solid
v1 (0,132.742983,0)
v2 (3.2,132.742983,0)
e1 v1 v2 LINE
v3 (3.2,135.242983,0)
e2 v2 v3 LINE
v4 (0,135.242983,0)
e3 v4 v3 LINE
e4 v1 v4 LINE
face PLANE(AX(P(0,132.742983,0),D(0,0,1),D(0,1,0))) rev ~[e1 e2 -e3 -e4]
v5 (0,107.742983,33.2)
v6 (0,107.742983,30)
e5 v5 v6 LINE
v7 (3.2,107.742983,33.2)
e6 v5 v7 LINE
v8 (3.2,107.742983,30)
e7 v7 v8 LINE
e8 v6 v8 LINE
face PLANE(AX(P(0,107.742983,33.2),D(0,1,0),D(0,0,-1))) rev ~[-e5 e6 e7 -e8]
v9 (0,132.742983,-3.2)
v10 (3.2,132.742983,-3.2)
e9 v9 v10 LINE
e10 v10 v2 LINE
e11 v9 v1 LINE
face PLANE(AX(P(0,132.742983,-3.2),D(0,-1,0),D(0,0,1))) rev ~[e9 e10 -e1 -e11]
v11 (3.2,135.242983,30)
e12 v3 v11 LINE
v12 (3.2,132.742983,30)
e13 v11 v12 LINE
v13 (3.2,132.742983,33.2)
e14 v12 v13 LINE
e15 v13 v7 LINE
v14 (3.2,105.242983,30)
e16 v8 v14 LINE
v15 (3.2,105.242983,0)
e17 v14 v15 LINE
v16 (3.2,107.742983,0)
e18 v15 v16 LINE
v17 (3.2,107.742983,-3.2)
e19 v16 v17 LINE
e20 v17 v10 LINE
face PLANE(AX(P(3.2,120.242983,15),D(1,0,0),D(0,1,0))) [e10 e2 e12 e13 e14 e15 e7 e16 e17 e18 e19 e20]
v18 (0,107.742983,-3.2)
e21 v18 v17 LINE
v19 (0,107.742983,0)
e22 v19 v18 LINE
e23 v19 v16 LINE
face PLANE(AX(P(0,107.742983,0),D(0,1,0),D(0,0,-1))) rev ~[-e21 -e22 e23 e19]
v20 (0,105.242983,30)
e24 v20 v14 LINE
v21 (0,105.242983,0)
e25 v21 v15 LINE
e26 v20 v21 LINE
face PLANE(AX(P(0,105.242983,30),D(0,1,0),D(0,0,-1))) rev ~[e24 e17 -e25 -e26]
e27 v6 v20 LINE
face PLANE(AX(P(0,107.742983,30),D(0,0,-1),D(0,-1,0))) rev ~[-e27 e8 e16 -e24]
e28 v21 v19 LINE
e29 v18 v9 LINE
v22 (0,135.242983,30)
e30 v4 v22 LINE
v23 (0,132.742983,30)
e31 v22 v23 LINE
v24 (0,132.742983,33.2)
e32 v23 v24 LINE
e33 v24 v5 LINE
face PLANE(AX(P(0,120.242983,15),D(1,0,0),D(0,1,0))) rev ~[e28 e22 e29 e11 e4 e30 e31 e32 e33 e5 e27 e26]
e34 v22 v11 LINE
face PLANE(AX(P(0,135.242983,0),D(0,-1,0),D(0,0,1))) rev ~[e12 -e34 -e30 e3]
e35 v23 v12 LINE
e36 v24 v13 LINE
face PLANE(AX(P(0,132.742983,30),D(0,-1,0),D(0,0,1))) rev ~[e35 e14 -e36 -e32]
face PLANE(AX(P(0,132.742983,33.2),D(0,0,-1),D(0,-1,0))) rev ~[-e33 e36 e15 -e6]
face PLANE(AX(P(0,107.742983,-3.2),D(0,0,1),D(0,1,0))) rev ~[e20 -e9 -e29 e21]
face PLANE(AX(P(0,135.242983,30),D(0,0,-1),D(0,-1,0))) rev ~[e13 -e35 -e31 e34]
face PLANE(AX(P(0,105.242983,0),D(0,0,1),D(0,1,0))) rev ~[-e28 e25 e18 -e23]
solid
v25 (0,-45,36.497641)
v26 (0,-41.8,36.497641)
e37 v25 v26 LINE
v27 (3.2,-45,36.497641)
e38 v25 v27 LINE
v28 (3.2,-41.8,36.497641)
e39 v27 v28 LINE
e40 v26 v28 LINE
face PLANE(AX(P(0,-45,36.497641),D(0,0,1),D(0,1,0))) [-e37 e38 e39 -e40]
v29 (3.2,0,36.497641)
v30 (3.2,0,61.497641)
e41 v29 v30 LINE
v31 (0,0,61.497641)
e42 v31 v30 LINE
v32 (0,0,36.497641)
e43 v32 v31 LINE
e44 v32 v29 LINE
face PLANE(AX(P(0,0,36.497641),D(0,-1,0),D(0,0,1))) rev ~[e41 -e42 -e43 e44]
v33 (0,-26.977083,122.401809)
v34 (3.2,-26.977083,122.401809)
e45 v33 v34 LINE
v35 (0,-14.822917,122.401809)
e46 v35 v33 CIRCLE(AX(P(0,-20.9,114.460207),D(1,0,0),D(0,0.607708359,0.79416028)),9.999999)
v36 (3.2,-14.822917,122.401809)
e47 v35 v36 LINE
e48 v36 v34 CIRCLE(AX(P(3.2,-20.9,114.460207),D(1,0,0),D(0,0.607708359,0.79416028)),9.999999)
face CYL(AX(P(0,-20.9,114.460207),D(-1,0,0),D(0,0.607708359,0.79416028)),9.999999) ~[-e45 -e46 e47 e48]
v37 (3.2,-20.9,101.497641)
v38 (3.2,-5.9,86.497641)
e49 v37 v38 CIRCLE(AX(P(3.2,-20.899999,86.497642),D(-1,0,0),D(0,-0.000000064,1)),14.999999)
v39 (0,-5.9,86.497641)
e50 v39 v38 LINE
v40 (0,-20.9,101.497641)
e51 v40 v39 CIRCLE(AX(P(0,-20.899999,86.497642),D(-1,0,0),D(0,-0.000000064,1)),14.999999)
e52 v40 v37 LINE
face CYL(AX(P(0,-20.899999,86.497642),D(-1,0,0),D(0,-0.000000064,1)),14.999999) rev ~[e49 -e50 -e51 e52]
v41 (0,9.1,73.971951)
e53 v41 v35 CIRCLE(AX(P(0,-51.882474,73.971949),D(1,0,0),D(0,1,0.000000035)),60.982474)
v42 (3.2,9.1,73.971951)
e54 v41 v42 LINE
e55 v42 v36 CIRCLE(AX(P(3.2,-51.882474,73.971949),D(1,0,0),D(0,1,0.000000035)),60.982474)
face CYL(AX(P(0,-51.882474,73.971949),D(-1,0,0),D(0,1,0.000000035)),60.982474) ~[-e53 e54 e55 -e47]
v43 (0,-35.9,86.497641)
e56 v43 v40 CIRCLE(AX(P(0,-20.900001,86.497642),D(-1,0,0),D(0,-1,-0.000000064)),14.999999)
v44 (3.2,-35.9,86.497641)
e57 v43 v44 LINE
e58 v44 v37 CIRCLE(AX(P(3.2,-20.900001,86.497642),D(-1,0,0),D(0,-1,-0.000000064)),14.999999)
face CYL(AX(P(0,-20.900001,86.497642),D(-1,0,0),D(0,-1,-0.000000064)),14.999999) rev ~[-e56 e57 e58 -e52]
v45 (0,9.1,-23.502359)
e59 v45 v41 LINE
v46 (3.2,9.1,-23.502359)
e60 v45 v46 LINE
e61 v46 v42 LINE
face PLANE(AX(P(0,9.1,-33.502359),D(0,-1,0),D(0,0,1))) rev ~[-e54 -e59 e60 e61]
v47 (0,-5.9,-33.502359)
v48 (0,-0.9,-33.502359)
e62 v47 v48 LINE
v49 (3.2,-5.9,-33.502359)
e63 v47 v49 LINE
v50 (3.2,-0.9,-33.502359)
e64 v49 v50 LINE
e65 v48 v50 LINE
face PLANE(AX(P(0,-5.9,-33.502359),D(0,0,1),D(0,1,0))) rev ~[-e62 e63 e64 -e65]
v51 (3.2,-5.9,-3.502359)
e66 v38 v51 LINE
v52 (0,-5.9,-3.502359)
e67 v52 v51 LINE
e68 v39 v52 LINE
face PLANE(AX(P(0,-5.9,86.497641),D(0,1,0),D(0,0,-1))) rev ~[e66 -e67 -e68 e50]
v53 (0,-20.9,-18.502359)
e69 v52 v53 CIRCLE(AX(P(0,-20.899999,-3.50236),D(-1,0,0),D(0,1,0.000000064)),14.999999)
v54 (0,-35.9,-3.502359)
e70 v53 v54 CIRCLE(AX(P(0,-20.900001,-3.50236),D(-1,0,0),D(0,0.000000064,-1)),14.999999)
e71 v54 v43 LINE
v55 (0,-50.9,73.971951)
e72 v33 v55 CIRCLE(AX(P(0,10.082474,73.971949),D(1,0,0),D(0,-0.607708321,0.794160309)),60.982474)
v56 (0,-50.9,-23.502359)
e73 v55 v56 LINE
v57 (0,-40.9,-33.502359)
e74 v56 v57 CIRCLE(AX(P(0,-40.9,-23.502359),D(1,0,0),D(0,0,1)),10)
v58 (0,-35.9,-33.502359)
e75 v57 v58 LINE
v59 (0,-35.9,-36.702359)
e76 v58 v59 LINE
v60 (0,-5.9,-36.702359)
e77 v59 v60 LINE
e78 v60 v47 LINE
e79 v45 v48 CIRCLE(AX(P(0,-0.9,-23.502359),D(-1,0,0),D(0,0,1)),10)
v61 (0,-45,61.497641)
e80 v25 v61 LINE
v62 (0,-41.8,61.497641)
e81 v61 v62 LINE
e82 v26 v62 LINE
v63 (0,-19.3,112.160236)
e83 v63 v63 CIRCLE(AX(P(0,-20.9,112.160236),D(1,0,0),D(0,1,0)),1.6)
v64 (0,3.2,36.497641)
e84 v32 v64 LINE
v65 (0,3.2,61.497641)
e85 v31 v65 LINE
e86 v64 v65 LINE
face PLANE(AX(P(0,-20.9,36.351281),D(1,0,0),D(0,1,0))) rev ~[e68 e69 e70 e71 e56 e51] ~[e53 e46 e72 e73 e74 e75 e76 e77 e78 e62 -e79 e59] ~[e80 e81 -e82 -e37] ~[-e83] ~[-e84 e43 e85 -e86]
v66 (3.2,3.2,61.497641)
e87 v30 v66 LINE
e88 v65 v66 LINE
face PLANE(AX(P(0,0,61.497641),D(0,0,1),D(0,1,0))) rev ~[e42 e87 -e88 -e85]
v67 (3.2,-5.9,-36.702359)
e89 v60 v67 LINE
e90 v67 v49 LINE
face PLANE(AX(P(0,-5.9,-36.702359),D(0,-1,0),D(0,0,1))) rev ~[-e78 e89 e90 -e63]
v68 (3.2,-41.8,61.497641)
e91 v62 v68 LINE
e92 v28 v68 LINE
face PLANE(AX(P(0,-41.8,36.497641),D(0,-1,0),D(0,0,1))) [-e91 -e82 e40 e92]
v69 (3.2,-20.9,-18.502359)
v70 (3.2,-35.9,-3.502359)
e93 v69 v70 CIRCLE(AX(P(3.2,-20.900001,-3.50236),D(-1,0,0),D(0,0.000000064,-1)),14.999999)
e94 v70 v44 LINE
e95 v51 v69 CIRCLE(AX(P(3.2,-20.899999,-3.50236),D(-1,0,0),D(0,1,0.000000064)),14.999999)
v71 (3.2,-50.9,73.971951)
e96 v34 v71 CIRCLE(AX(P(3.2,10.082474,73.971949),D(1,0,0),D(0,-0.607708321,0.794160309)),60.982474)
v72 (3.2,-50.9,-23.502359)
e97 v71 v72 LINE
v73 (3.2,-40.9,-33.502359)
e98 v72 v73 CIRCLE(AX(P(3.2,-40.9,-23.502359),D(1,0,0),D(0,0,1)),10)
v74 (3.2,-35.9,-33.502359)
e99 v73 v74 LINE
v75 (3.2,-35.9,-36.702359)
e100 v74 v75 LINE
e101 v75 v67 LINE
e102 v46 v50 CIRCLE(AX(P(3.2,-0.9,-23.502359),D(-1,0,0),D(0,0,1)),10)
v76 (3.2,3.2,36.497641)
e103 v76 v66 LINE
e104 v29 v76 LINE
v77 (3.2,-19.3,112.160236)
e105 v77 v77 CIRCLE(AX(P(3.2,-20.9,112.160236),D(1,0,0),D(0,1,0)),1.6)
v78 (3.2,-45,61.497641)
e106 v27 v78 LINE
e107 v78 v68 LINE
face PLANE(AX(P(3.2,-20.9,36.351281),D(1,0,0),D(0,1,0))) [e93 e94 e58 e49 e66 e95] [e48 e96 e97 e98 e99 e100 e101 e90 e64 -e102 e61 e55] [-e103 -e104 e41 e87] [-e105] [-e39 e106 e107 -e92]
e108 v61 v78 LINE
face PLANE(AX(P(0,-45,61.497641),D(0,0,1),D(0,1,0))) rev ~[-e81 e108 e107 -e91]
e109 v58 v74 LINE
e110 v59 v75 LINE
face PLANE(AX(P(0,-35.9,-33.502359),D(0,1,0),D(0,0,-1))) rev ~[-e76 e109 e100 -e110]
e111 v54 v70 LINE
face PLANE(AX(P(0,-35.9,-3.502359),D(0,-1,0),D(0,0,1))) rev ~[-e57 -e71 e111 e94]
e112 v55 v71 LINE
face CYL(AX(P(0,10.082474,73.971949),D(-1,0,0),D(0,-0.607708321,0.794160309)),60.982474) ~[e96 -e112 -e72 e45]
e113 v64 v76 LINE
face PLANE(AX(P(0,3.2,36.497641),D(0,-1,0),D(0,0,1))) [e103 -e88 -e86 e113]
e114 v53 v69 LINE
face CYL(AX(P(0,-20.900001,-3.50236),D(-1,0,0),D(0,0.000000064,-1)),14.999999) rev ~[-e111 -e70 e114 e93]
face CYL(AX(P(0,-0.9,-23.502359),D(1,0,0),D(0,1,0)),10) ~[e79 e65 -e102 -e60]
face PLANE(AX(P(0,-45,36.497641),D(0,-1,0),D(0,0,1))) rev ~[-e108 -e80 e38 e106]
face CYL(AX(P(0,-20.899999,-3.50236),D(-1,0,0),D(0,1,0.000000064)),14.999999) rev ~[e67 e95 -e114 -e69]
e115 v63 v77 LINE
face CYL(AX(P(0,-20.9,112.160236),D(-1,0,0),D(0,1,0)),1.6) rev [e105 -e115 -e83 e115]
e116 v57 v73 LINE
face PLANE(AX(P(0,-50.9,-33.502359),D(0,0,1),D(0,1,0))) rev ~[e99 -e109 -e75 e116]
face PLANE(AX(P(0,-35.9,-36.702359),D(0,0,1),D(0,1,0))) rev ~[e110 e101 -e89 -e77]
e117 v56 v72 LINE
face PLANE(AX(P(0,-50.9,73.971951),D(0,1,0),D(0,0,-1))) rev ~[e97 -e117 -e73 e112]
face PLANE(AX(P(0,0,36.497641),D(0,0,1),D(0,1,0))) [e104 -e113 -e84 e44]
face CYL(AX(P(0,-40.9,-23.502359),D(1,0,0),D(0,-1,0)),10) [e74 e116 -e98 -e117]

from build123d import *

# Parameters (mm, degrees)
F0_W     = 3.2
F0_H     = 25
F0_R     = 1.6
F1_DEPTH = 3.2
F2_R     = 10


with BuildPart() as f1:
    # F0 (on Right) → F1 (new body)
    with BuildSketch(Plane.YZ):
        with BuildLine():
            Line((-50.9, 73.971951), (-50.9, -33.502359))
            Line((-50.9, -33.502359), (-35.9, -33.502359))
            Line((-35.9, -33.502359), (-35.9, -36.702359))
            Line((-35.9, -36.702359), (-5.9, -36.702359))
            Line((-5.9, -36.702359), (-5.9, -33.502359))
            Line((-5.9, -33.502359), (9.1, -33.502359))
            Line((9.1, -33.502359), (9.1, 73.971951))
            ThreePointArc((9.1, 73.971951), (2.79314, 100.980084), (-14.822917, 122.401809))
            ThreePointArc((-14.822917, 122.401809), (-20.9, 124.460206), (-26.977083, 122.401809))
            ThreePointArc((-26.977083, 122.401809), (-44.59314, 100.980084), (-50.9, 73.971951))
        make_face()
        with BuildLine():
            Line((-35.9, -3.502359), (-35.9, 86.497641))
            ThreePointArc((-35.9, 86.497641), (-31.506602, 97.104243), (-20.9, 101.497641))
            ThreePointArc((-20.9, 101.497641), (-10.293398, 97.104243), (-5.9, 86.497641))
            Line((-5.9, 86.497641), (-5.9, -3.502359))
            ThreePointArc((-5.9, -3.502359), (-10.293398, -14.108961), (-20.9, -18.502359))
            ThreePointArc((-20.9, -18.502359), (-31.506602, -14.108961), (-35.9, -3.502359))
        make_face(mode=Mode.SUBTRACT)
        with Locations((-43.4, 48.997641)):
            Rectangle(F0_W, F0_H, mode=Mode.SUBTRACT)
        with Locations((1.6, 48.997641)):
            Rectangle(F0_W, F0_H, mode=Mode.SUBTRACT)
        with Locations((-20.9, 112.160236)):
            Circle(F0_R, mode=Mode.SUBTRACT)
        Polygon((107.742983, 30), (105.242983, 30), (105.242983, 0), (107.742983, 0), (107.742983, -3.2), (132.742983, -3.2), (132.742983, 0), (135.242983, 0), (135.242983, 30), (132.742983, 30), (132.742983, 33.2), (107.742983, 33.2), align=None)
    extrude(amount=F1_DEPTH)

    # F2
    f2_edges = [f1.edges().sort_by_distance(p)[0] for p in [
        (1.6, -50.9, -33.502359),
        (1.6, 9.1, -33.502359),
    ]]
    fillet(f2_edges, radius=F2_R)


solid = f1.part
